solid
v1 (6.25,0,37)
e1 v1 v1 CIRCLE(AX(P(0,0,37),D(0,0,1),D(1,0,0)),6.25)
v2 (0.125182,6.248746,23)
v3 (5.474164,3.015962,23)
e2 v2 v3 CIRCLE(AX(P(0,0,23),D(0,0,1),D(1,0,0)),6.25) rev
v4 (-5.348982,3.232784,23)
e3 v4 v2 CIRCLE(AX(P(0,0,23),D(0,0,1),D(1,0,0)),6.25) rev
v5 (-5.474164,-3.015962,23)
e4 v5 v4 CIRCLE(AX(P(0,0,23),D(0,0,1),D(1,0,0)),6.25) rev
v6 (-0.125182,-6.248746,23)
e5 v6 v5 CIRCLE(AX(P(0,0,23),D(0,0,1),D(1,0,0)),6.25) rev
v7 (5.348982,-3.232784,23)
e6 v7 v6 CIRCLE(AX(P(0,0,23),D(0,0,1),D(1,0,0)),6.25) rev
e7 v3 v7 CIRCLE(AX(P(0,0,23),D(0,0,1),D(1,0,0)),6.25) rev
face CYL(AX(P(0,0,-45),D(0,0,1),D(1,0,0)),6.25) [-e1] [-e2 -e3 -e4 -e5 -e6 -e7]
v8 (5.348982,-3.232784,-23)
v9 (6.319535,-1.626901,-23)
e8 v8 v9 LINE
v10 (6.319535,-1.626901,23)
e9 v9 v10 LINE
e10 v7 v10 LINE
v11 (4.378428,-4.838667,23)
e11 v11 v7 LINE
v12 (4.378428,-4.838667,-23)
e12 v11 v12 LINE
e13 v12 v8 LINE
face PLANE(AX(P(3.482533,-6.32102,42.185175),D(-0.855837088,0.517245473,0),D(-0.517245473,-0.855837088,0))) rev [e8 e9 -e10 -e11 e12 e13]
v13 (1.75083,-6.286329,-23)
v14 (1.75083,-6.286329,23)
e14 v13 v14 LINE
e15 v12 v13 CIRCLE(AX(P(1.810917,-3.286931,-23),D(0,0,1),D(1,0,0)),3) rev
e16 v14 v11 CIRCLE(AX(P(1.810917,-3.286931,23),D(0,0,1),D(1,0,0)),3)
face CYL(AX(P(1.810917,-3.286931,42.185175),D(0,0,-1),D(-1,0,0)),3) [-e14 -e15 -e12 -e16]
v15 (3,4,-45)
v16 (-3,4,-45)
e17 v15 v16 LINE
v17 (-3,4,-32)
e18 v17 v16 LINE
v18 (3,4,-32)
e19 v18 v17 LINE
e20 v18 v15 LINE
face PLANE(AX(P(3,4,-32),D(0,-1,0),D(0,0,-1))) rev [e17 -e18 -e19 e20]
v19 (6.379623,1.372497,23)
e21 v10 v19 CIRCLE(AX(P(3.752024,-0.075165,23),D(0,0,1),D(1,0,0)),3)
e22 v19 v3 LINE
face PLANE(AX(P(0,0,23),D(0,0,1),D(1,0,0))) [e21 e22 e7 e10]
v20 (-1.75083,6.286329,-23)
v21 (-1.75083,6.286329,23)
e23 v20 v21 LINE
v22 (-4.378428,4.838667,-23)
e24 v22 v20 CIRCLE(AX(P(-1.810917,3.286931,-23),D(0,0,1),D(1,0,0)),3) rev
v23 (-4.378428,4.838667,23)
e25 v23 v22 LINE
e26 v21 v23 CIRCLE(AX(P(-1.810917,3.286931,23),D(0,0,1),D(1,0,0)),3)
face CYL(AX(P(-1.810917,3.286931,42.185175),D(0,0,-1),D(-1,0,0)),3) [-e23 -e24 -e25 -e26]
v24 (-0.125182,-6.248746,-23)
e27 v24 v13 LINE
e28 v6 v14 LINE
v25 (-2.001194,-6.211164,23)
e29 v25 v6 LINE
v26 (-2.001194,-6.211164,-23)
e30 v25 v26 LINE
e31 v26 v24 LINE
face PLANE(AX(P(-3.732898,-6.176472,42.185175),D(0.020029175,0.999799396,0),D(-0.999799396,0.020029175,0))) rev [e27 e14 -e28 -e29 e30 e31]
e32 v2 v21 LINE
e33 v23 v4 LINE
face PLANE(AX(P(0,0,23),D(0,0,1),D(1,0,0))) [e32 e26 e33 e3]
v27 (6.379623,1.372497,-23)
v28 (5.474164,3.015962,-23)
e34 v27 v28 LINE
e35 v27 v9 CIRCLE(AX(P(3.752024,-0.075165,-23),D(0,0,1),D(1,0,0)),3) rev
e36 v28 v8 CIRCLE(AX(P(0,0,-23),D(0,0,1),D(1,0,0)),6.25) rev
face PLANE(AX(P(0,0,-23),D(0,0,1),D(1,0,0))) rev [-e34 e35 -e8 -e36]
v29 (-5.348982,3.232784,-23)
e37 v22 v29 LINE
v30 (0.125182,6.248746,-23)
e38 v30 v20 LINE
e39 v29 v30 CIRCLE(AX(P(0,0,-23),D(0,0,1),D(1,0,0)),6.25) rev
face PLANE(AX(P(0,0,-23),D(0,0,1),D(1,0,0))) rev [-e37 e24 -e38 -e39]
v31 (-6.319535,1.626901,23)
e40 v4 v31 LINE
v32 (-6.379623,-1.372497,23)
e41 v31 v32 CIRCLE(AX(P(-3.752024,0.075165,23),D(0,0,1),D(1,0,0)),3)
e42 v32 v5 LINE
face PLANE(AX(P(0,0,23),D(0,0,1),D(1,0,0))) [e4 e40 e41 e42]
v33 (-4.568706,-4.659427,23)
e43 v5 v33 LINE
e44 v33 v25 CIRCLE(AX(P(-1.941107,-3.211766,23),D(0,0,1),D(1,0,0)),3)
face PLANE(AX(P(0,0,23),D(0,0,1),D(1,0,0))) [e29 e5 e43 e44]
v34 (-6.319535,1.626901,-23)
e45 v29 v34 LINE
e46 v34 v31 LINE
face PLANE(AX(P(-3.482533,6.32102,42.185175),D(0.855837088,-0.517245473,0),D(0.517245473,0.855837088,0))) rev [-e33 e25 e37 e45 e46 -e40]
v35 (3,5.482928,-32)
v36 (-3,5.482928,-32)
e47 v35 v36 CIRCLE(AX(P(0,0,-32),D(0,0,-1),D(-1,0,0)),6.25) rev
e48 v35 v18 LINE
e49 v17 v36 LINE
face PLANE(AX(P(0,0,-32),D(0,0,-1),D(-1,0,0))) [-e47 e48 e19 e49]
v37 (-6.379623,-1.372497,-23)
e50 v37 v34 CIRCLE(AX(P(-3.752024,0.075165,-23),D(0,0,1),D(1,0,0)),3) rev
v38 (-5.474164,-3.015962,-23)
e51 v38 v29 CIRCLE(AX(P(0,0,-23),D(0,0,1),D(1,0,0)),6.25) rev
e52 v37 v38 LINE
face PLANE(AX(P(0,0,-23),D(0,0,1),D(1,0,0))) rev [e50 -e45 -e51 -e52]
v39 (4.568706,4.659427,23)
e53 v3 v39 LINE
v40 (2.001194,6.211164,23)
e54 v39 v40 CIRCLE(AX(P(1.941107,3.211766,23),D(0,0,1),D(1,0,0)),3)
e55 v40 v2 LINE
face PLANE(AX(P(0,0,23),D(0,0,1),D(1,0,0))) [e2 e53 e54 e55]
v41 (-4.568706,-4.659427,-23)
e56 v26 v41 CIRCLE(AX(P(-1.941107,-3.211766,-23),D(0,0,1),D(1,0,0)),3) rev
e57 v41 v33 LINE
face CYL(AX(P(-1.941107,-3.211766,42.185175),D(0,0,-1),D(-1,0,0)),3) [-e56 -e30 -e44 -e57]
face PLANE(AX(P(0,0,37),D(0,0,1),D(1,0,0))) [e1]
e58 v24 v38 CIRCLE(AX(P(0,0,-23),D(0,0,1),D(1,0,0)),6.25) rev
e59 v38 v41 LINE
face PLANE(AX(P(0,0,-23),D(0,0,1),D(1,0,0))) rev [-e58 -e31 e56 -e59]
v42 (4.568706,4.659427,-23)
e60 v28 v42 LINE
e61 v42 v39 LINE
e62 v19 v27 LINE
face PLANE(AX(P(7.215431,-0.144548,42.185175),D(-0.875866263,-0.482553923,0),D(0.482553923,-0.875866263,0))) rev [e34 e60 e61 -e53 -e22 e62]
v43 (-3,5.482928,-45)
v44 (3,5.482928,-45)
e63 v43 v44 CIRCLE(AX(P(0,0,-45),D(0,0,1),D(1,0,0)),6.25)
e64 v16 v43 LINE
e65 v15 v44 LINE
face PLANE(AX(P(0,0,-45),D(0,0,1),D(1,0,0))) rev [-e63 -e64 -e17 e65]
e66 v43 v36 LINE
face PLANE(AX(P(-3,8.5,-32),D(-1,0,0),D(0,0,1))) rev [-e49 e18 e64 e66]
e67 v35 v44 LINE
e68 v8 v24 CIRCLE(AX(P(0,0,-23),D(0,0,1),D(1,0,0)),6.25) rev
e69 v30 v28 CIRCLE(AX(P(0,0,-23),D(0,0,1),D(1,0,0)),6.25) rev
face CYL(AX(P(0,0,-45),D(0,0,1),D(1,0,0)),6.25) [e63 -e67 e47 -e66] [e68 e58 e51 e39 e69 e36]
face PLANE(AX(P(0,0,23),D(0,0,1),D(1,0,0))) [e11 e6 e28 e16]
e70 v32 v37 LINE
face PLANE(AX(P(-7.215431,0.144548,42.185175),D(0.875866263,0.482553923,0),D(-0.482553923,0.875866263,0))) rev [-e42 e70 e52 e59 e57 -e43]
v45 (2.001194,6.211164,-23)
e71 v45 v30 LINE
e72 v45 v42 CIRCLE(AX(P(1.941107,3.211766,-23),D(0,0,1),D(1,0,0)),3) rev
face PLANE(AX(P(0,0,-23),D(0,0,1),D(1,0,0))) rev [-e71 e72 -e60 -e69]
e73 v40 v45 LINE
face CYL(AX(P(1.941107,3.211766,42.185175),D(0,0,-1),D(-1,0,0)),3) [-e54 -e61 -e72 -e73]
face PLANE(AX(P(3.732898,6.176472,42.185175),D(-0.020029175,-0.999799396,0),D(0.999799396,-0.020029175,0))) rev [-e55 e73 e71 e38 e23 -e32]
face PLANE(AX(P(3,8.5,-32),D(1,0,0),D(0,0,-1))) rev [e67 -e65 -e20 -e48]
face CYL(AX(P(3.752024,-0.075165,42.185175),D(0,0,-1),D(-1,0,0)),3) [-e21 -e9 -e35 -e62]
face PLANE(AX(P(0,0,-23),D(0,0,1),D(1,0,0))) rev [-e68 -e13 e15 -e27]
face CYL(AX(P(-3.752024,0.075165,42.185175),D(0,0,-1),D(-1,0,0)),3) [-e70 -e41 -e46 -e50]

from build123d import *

# Parameters (mm, degrees)
SKETCH1_R                = 6.25
BOSS_EXTRUDE1_DEPTH      = 37
BOSS_EXTRUDE1_DEPTH_BACK = 45
SKETCH4_W                = 6
SKETCH4_H                = 4.5
CUT_EXTRUDE1_DEPTH       = 13
BOSS_EXTRUDE2_DEPTH      = 46
FILLET1_R                = 3


with BuildPart() as part:
    # Sketch1 → Boss-Extrude1 (new body, two sides)
    with BuildSketch(Plane.XY) as boss_extrude1_sk:
        Circle(SKETCH1_R)
    extrude(amount=BOSS_EXTRUDE1_DEPTH)
    extrude(boss_extrude1_sk.sketch, amount=-BOSS_EXTRUDE1_DEPTH_BACK)

    # Sketch4 → Cut-Extrude1 (cut)
    with BuildSketch(Plane(origin=(0, 0, -45), x_dir=(-1, 0, 0), z_dir=(0, 0, -1))):
        with Locations((0, 6.25)):
            Rectangle(SKETCH4_W, SKETCH4_H)
    extrude(amount=-CUT_EXTRUDE1_DEPTH, mode=Mode.SUBTRACT)

    # Sketch5 → Boss-Extrude2 (add)
    with BuildSketch(Plane.XY.offset(-23)):
        Polygon((3.732897661, 6.176472163), (-3.482532969, 6.321020286), (-7.21543063, 0.144548123), (-3.732897661, -6.176472163), (3.482532969, -6.321020286), (7.21543063, -0.144548123), align=None)
    extrude(amount=BOSS_EXTRUDE2_DEPTH)

    # Fillet1
    fillet1_edges = [part.edges().sort_by_distance(p)[0] for p in [
        (7.21543063, -0.144548123, 0),
        (3.732897661, 6.176472163, 0),
        (-3.482532969, 6.321020286, 0),
        (-7.21543063, 0.144548123, 0),
        (-3.732897661, -6.176472163, 0),
        (3.482532969, -6.321020286, 0),
    ]]
    fillet(fillet1_edges, radius=FILLET1_R)


solid = part.part
